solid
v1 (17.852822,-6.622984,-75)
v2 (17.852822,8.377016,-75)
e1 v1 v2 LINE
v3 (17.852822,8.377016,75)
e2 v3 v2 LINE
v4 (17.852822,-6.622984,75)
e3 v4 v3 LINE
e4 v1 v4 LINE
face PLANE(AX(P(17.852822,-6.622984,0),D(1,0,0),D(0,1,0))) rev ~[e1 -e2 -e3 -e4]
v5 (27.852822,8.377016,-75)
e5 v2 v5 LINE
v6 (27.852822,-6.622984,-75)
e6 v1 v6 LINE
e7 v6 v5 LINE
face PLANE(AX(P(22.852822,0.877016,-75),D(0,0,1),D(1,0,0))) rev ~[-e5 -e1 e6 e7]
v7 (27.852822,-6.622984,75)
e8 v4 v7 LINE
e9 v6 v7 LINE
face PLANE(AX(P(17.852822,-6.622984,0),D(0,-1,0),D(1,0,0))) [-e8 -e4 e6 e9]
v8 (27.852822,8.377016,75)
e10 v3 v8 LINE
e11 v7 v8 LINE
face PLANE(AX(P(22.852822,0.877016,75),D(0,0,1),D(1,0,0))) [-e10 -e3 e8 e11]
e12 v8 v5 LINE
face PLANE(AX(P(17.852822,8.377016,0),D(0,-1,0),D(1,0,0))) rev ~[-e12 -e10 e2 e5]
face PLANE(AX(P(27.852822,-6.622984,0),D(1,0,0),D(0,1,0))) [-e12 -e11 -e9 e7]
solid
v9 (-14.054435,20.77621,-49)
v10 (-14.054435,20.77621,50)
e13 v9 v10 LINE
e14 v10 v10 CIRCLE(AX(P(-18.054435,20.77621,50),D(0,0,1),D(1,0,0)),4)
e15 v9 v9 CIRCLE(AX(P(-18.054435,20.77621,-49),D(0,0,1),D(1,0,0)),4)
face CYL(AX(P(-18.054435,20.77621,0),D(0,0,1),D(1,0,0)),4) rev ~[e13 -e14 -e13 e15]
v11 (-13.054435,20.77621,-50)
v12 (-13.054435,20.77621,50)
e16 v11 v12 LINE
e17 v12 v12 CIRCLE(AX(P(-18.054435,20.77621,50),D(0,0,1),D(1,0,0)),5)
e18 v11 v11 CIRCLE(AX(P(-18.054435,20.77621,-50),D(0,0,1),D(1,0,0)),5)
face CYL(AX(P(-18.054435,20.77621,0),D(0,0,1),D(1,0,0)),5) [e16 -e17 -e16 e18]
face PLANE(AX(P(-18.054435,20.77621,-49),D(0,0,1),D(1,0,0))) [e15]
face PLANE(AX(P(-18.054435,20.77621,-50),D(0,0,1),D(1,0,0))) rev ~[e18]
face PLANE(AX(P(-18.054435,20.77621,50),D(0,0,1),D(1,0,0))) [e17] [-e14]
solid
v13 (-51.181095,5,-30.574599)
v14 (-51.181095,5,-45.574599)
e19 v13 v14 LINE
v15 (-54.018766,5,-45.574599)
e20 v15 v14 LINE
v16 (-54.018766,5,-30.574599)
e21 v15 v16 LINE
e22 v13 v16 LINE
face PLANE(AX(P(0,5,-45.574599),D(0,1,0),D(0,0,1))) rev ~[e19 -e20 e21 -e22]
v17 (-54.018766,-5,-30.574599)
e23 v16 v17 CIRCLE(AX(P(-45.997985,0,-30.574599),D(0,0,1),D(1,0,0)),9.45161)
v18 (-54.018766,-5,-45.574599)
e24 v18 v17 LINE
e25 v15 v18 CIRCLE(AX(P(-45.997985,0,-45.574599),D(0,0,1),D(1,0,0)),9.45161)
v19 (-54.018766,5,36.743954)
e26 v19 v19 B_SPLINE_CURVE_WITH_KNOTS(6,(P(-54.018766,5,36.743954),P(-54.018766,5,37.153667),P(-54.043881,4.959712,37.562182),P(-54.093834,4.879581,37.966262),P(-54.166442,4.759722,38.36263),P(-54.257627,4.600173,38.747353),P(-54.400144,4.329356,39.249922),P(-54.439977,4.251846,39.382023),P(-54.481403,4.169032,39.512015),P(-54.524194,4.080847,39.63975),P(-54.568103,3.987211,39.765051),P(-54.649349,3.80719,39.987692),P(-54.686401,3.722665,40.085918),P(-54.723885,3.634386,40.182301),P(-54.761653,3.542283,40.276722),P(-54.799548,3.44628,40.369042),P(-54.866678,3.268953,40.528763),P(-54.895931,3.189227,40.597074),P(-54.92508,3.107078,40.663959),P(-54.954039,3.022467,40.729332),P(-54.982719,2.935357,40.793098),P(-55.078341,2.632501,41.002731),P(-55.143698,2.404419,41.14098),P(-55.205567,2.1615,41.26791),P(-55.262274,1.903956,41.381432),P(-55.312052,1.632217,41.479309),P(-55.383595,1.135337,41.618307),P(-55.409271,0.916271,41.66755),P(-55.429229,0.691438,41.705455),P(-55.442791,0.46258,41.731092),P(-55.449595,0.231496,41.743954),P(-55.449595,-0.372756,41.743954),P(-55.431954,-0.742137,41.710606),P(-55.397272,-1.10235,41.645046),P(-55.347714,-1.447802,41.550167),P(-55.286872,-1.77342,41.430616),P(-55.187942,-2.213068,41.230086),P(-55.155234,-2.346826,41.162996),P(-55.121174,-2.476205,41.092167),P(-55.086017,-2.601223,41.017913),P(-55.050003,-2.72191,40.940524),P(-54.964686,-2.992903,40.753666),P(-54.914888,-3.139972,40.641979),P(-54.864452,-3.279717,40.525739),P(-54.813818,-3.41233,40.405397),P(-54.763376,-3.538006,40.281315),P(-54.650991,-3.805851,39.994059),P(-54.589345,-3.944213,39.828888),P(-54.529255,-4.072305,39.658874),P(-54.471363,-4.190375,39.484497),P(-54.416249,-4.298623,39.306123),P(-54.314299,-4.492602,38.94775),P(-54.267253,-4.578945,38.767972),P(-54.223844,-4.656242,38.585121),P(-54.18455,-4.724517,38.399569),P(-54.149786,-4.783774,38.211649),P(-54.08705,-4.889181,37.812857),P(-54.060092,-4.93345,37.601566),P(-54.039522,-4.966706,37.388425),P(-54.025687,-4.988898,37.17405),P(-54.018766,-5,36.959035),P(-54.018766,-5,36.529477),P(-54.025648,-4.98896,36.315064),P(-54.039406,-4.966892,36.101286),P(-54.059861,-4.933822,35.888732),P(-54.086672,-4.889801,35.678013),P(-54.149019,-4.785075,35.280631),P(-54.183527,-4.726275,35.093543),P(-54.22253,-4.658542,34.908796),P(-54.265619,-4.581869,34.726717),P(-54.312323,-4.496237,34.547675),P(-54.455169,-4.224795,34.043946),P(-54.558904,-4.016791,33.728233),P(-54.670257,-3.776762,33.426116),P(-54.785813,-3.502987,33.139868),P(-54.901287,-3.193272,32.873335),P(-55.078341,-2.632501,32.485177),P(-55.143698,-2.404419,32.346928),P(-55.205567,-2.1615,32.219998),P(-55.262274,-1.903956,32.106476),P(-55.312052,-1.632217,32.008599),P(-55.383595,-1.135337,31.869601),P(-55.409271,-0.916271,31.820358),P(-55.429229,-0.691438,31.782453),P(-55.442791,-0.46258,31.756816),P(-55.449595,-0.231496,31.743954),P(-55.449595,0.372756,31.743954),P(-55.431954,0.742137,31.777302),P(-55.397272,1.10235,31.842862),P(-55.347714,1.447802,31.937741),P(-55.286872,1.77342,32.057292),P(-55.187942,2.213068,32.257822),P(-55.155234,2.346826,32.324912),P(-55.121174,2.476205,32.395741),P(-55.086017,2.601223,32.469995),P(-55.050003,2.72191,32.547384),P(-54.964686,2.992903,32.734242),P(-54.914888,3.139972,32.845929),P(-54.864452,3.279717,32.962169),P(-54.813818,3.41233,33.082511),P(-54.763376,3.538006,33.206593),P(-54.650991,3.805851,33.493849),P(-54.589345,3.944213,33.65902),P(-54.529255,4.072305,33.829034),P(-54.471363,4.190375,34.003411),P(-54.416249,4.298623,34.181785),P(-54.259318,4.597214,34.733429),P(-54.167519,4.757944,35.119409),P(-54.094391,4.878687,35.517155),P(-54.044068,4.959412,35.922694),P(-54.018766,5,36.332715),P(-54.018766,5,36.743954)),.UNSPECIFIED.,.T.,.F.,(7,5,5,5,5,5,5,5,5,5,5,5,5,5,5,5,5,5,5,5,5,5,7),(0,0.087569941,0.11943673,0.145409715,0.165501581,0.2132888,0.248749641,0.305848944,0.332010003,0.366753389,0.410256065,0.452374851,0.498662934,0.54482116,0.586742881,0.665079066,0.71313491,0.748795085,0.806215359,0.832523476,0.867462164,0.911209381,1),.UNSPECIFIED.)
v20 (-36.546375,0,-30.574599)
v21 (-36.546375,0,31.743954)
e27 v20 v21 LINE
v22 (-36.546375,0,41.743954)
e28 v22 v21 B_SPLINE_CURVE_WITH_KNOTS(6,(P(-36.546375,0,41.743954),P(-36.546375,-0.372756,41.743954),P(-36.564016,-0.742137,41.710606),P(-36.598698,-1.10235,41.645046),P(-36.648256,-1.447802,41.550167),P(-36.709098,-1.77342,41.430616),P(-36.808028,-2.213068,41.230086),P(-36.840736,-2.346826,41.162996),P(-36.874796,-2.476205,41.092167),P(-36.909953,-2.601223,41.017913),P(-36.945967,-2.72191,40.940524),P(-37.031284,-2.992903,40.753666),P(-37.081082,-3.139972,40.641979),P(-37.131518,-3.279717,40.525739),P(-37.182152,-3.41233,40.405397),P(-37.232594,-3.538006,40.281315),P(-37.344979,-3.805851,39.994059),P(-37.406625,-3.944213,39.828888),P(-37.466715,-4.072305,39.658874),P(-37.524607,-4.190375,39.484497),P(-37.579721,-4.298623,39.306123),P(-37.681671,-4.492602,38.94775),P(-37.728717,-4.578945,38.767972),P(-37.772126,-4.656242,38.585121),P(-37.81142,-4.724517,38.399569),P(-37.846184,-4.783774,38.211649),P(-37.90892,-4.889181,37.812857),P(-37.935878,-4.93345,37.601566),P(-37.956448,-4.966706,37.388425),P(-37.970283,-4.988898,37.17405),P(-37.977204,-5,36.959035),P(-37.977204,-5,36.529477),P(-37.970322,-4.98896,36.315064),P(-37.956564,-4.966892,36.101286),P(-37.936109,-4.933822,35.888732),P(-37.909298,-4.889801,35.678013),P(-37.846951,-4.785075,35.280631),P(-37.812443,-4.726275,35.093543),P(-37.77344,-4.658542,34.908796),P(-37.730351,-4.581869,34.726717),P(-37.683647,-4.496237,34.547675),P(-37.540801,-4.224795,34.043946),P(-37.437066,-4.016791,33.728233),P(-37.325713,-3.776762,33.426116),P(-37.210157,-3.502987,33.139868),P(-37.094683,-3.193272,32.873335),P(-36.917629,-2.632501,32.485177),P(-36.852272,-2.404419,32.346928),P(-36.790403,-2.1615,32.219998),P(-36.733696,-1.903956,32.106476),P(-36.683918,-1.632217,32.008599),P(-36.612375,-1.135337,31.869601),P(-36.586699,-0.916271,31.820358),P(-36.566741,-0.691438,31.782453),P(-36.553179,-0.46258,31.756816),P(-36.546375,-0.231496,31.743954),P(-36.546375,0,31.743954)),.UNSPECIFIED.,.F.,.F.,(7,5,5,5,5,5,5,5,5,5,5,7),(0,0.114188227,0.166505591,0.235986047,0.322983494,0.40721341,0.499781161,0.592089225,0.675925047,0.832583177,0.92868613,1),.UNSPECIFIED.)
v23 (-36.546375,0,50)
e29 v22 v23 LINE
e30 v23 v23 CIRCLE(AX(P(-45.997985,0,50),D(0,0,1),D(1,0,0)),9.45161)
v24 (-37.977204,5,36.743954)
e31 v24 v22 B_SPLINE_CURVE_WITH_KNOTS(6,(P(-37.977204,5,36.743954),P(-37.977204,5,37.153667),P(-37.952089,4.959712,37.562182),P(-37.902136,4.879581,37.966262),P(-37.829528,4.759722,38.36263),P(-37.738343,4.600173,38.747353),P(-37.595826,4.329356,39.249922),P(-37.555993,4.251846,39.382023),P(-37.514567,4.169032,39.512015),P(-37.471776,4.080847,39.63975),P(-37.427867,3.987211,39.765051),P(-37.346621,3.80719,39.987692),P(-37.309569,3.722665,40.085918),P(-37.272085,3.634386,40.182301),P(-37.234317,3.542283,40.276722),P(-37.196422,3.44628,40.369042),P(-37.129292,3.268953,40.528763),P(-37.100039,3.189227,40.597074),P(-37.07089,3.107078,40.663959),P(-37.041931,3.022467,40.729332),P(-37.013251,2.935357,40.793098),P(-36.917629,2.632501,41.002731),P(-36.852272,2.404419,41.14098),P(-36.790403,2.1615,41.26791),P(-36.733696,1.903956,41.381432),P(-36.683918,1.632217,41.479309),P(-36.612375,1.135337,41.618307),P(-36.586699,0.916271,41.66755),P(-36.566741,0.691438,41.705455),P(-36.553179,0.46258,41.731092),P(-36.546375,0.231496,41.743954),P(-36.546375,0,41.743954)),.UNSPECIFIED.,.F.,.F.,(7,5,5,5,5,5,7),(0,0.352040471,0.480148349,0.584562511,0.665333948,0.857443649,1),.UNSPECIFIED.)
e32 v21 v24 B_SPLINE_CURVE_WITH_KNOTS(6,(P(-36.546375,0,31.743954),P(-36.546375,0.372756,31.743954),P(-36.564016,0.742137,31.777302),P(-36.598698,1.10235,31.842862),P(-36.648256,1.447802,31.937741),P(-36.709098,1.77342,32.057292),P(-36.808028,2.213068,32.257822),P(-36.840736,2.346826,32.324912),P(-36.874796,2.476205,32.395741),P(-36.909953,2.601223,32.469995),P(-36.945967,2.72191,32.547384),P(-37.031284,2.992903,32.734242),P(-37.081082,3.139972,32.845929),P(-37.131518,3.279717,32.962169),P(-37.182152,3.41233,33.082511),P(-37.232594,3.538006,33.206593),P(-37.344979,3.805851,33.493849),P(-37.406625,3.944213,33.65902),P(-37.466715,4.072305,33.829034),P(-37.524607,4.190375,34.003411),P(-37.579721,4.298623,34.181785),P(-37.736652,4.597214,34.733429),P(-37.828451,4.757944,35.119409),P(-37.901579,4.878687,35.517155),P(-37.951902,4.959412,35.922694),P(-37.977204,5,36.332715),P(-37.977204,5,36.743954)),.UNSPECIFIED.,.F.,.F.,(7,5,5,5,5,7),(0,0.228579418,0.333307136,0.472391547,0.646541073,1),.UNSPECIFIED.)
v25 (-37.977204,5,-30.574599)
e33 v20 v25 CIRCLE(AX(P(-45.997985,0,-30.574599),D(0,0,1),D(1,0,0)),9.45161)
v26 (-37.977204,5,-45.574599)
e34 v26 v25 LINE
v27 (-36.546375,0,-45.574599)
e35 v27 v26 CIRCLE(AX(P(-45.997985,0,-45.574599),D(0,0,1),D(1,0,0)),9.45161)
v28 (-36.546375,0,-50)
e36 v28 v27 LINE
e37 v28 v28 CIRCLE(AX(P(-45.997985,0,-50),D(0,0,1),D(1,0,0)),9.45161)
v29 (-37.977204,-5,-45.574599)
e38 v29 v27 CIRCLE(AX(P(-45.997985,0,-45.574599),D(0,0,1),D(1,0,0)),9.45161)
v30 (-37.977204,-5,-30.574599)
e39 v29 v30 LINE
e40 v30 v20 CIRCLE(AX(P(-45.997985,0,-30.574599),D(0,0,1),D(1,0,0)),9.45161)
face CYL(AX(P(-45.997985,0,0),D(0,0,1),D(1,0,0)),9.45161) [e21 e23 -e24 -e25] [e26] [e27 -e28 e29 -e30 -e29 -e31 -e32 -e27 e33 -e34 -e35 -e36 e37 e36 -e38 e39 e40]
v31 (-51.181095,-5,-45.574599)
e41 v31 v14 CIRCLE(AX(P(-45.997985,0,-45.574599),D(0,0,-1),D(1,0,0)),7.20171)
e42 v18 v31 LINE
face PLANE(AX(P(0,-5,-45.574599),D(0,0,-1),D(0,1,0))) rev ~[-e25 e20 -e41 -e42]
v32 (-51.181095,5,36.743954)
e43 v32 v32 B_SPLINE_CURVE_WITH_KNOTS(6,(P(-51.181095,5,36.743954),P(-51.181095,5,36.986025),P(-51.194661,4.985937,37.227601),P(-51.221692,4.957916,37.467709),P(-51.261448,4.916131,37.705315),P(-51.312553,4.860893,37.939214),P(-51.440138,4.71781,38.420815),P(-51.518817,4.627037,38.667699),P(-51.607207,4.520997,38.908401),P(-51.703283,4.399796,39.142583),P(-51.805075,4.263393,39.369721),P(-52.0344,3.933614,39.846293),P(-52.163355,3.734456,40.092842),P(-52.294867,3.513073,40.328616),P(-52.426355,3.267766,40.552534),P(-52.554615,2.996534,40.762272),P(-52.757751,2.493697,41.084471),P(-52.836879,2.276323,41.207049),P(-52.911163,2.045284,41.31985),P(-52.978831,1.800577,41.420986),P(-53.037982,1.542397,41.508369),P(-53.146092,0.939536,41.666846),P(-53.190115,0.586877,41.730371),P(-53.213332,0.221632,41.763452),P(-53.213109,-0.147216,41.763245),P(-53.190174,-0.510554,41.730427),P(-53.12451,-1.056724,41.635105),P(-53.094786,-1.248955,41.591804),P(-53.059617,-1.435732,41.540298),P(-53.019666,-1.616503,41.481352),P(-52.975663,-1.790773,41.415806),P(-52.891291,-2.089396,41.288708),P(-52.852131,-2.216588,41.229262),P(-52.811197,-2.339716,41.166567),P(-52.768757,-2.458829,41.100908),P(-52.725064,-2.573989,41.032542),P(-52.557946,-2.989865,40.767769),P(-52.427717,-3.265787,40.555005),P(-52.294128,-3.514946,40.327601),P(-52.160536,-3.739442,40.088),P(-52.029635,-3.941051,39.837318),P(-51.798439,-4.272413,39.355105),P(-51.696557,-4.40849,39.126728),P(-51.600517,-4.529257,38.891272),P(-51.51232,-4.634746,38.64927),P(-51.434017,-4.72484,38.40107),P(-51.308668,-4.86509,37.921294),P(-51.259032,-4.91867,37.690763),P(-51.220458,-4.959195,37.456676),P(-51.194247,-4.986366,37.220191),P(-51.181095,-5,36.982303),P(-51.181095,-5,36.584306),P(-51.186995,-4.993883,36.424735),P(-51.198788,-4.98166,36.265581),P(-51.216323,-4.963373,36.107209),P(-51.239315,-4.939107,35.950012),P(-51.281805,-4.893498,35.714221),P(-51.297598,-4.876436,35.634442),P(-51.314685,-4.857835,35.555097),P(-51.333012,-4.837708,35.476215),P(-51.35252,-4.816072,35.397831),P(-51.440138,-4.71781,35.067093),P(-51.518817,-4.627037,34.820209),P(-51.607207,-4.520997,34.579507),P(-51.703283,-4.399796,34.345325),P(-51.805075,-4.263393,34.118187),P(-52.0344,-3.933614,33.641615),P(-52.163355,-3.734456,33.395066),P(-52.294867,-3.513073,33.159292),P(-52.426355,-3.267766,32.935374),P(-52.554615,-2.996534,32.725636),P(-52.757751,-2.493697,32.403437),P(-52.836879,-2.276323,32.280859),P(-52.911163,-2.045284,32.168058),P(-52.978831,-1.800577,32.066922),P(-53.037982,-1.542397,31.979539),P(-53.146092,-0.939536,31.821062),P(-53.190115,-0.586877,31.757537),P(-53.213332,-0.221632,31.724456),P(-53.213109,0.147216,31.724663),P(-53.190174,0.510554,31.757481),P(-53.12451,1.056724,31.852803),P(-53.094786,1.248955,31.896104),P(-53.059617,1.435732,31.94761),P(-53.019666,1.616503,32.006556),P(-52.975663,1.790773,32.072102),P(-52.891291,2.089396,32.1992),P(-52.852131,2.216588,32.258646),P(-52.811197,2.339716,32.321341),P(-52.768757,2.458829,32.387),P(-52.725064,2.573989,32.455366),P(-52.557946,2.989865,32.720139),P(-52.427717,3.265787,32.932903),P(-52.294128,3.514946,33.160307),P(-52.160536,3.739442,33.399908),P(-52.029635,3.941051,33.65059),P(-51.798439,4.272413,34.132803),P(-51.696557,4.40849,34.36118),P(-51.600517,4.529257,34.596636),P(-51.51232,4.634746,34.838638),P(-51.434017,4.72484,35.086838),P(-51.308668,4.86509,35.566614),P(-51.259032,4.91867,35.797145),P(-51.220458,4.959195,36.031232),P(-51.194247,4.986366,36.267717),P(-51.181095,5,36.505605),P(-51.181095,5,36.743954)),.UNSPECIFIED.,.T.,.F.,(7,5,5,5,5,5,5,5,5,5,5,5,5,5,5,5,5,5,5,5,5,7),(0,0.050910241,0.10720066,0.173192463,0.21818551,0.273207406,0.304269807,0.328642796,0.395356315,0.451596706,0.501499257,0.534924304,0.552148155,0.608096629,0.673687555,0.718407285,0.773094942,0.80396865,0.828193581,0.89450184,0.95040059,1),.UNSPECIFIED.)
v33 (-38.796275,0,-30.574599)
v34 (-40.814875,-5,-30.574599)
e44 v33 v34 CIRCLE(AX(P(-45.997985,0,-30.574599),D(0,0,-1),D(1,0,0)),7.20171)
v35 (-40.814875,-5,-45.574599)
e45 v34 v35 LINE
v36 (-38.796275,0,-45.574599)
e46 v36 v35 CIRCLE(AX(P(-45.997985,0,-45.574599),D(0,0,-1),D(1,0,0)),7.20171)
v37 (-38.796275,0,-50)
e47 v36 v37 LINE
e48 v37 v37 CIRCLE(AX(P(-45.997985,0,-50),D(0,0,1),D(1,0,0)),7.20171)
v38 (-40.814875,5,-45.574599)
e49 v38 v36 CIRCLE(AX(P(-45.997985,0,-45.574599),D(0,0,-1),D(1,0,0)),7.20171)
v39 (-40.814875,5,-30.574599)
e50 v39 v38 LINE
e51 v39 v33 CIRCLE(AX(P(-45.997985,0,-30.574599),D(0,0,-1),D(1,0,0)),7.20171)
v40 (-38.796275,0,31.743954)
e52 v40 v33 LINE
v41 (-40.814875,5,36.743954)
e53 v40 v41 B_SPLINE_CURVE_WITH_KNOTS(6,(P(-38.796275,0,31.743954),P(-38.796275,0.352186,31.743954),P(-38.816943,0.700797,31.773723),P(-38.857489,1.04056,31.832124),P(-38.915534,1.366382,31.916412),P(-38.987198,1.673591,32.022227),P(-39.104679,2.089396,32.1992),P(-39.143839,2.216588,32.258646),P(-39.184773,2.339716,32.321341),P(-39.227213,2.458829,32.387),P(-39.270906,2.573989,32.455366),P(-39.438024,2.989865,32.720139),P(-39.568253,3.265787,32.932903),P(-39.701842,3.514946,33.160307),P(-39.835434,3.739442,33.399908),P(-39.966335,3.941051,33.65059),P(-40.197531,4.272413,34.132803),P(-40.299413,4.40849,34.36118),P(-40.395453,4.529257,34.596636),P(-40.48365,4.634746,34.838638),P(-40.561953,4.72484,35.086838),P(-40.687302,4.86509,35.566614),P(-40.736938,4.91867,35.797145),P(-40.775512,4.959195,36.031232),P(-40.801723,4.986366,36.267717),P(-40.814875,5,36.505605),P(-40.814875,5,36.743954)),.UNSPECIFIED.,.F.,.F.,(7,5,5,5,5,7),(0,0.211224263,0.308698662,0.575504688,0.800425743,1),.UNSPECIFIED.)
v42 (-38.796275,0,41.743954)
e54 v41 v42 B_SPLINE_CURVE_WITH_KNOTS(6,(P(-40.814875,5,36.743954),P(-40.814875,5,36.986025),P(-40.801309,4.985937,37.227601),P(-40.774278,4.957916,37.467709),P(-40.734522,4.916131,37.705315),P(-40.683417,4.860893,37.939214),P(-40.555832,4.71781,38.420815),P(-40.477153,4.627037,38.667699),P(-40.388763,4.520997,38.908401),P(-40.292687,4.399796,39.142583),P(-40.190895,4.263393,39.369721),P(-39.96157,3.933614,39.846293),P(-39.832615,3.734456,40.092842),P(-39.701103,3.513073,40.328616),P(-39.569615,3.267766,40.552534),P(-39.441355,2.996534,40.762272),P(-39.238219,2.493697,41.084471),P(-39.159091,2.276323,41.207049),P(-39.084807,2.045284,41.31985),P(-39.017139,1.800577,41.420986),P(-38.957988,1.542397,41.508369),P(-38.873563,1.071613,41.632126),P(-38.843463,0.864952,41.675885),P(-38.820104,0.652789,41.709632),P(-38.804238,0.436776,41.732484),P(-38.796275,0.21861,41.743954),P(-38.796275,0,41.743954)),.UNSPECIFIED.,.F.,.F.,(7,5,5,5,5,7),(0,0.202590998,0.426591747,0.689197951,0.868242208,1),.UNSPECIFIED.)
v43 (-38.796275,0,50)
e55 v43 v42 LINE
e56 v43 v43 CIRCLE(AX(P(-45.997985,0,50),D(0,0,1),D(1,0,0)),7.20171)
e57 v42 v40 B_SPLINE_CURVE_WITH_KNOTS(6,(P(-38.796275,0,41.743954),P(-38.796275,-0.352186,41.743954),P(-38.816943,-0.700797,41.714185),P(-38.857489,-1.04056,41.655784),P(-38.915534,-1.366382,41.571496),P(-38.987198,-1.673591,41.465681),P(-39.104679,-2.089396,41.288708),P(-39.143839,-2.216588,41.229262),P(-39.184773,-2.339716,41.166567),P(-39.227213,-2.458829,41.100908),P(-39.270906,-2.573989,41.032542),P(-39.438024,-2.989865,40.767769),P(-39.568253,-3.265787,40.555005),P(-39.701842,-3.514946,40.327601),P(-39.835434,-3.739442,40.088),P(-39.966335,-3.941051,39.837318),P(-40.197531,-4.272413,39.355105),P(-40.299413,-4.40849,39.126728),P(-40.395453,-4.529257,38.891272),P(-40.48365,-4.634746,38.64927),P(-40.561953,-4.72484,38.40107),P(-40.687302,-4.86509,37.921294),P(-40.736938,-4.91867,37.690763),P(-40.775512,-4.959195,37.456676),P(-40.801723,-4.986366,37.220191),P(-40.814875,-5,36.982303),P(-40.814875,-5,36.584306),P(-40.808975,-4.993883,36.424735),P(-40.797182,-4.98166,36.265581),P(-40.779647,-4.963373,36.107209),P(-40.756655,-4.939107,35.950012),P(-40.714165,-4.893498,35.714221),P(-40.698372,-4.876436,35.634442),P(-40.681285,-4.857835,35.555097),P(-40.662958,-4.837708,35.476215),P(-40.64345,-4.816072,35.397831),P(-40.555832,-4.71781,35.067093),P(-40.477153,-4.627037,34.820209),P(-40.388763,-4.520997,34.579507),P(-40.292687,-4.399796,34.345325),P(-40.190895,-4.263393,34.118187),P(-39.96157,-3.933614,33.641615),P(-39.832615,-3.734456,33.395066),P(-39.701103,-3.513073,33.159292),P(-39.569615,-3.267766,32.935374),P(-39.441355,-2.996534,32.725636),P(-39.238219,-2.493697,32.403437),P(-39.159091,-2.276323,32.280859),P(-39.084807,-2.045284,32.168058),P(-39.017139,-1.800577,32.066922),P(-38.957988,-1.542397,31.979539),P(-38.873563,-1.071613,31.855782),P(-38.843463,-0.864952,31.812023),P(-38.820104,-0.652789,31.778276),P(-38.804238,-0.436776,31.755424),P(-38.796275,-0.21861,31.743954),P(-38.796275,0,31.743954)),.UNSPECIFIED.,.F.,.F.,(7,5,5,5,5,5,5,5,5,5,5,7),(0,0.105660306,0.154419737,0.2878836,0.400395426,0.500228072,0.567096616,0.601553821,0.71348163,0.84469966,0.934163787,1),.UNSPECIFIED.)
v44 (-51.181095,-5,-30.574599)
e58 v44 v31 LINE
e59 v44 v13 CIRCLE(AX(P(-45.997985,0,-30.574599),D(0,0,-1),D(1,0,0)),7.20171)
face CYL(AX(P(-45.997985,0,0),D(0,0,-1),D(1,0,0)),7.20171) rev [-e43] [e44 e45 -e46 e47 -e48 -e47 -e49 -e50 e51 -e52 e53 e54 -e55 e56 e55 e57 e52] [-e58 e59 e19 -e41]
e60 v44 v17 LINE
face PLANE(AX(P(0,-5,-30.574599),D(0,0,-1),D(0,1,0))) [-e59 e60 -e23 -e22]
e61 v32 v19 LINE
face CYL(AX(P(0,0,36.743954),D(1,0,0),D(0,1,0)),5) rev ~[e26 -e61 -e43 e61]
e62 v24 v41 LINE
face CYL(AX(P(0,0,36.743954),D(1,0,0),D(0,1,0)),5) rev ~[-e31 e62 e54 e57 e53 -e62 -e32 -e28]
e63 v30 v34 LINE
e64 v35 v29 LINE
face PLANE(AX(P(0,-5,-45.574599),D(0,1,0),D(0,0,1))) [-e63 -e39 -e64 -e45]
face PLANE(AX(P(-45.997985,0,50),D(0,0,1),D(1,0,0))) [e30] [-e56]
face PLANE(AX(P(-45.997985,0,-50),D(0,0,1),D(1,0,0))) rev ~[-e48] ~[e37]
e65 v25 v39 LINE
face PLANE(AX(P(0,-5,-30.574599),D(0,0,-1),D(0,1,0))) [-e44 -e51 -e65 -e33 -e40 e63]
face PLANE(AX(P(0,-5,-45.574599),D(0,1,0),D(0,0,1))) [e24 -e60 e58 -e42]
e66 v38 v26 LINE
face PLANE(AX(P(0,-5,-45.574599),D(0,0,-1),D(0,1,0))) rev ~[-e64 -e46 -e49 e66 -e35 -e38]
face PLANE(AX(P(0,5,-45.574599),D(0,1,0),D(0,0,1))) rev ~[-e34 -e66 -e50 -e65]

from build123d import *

# Parameters (mm, degrees)
F0_R     = 9.45161
F0_R_2   = 7.20171
F1_DEPTH = 50
F2_R     = 5
F2_W     = 10
F2_H     = 15
F3_DEPTH = 250
F4_R     = 5
F5_DEPTH = 50
F6_T     = -1
F7_W     = 10
F7_H     = 15
F8_DEPTH = 75


with BuildPart() as f1:
    # F0 (on Top) → F1 (new body, symmetric)
    with BuildSketch(Plane.XY):
        with Locations((-45.997985, 0)):
            Circle(F0_R)
        with Locations((-45.997985, 0)):
            Circle(F0_R_2, mode=Mode.SUBTRACT)
    extrude(amount=F1_DEPTH, both=True)

    # F2 (on Right) → F3 (cut, symmetric)
    with BuildSketch(Plane.YZ):
        with Locations((0, 36.743954)):
            Circle(F2_R)
        with Locations((0, -38.074599)):
            Rectangle(F2_W, F2_H)
    extrude(amount=F3_DEPTH, both=True, mode=Mode.SUBTRACT)


with BuildPart() as f5:
    # F4 (on Top) → F5 (new body, symmetric)
    with BuildSketch(Plane.XY):
        with Locations((-18.054435, 20.77621)):
            Circle(F4_R)
    extrude(amount=F5_DEPTH, both=True)

    # F6
    f6_openings = [f5.faces().sort_by_distance(p)[0] for p in [
        (-18.054435, 20.77621, 50),
    ]]
    offset(amount=F6_T, openings=f6_openings)


with BuildPart() as f8:
    # F7 (on Top) → F8 (new body, symmetric)
    with BuildSketch(Plane.XY):
        with Locations((22.852822, 0.877016)):
            Rectangle(F7_W, F7_H)
    extrude(amount=F8_DEPTH, both=True)


solid = Compound([f1.part, f5.part, f8.part])
